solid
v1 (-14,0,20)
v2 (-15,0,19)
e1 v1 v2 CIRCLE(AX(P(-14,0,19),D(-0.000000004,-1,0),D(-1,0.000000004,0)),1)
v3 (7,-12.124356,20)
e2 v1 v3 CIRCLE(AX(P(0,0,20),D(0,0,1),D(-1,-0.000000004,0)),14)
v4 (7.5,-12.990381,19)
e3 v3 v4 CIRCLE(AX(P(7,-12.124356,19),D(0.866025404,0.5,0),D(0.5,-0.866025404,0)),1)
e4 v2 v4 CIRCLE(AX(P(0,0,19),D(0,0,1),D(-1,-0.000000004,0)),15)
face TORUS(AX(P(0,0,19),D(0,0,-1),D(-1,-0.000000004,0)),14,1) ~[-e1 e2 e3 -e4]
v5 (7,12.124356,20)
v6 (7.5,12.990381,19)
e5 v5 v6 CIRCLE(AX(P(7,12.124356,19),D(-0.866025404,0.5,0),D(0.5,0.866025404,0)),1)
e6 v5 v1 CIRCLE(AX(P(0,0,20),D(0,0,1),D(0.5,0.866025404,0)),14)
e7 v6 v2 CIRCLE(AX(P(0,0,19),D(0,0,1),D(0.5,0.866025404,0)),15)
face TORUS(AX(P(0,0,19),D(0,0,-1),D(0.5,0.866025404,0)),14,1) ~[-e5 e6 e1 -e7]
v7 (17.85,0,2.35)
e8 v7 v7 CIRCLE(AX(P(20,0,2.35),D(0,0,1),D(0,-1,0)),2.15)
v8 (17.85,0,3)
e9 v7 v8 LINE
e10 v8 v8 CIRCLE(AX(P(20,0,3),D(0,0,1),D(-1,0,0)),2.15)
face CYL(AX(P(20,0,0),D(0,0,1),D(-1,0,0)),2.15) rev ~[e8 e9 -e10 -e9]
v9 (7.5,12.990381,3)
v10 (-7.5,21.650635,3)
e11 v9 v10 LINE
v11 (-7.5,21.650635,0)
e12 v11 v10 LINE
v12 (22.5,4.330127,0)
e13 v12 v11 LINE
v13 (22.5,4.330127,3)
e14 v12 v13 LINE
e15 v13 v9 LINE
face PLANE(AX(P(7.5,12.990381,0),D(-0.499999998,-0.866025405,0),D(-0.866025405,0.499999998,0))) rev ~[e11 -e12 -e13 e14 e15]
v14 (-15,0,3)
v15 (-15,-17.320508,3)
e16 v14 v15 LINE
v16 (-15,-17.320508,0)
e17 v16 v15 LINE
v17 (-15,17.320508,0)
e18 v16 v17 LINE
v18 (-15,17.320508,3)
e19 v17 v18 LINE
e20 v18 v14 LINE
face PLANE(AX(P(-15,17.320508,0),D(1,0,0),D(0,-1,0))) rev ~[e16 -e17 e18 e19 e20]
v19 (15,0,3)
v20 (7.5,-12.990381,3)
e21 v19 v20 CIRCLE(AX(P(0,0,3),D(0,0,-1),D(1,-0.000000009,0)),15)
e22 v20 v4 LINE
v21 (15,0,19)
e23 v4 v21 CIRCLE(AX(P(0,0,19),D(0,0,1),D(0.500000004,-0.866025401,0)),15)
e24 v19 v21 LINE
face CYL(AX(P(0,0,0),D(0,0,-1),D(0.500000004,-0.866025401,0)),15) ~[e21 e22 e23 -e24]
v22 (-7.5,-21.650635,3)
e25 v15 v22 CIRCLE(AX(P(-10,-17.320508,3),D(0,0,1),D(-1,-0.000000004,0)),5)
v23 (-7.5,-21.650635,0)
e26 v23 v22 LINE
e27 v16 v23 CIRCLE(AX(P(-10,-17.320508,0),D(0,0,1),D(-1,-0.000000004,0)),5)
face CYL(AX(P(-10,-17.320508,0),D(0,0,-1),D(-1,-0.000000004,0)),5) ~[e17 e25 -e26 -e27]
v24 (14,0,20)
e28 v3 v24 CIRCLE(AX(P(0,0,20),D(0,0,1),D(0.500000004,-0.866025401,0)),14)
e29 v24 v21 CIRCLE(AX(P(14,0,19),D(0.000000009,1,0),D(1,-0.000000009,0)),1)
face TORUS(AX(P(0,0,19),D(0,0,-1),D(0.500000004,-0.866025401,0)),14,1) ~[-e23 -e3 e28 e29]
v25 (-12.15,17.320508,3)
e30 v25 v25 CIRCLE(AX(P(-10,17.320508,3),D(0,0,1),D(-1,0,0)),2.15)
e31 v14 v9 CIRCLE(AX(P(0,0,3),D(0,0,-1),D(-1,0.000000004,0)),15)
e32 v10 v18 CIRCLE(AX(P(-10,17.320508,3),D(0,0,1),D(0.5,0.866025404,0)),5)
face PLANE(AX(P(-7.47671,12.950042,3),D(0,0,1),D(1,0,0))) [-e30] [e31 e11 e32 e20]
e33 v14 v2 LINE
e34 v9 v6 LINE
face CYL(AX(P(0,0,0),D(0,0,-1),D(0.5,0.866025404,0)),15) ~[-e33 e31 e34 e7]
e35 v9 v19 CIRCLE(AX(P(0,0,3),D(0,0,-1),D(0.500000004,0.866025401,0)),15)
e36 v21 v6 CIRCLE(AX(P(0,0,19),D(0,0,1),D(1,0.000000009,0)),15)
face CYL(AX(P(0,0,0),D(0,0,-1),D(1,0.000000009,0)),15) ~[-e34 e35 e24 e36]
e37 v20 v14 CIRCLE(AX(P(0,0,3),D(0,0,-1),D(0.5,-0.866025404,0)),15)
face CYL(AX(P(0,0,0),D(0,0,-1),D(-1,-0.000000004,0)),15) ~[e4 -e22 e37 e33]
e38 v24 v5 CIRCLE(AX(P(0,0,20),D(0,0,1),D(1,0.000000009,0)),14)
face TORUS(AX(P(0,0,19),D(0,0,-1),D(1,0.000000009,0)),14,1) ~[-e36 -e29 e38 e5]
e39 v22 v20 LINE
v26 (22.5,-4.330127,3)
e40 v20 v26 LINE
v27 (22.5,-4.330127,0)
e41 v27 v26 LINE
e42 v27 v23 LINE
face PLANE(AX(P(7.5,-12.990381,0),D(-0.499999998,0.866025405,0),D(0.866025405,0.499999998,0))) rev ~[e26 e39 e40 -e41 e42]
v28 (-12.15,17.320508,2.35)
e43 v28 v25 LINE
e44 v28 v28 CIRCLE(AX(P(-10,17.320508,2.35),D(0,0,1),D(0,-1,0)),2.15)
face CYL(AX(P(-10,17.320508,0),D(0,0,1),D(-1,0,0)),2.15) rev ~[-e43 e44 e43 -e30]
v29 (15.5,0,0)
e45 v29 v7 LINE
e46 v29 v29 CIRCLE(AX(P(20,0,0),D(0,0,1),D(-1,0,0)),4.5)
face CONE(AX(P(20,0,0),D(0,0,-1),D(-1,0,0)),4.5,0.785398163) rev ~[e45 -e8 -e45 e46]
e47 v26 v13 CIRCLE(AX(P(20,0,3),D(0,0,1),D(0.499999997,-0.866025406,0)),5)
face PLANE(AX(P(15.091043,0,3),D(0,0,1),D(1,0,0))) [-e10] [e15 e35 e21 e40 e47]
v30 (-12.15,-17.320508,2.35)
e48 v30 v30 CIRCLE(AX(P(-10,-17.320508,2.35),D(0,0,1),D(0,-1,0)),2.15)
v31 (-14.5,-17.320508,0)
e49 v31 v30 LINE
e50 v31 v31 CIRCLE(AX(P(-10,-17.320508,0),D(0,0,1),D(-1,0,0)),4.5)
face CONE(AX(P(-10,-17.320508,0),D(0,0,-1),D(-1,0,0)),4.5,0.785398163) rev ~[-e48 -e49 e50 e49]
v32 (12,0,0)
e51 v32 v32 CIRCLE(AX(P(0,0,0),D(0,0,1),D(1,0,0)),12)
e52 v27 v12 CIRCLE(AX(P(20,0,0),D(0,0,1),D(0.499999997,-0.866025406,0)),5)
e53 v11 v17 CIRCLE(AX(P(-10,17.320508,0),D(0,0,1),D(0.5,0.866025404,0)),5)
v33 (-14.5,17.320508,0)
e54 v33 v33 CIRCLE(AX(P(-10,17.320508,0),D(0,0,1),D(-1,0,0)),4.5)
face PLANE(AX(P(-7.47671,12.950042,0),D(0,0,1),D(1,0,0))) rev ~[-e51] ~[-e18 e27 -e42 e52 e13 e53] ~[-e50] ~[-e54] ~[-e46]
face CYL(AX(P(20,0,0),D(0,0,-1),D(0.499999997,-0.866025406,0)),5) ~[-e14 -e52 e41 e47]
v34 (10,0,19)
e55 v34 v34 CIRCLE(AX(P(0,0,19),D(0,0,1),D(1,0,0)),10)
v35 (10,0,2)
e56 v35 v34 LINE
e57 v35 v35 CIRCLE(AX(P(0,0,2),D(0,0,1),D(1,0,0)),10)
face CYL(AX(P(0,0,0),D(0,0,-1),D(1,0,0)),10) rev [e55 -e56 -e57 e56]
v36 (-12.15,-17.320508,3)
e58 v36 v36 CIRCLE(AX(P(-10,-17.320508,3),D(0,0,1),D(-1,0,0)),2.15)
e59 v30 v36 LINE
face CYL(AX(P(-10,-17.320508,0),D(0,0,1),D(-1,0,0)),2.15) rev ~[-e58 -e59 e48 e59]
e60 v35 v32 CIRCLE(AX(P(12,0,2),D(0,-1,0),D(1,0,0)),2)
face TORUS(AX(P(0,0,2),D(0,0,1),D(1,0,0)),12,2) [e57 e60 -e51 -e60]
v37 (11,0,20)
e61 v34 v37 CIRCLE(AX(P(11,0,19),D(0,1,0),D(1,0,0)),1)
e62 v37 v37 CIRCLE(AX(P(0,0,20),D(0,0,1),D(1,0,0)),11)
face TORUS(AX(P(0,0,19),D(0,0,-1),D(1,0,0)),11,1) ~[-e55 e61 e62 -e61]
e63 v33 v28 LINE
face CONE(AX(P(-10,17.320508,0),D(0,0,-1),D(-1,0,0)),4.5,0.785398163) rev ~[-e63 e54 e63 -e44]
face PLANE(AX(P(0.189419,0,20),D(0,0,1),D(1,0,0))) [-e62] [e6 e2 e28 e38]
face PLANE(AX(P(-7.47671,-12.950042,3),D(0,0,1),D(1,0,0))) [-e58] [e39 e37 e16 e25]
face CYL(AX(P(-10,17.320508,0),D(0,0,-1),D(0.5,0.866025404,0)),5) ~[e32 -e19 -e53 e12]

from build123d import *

# Parameters (mm, degrees)
F0_R           = 10
F1_DEPTH       = 20
F2_DEPTH       = 3
F3_D           = 4.3
F3_CSINK_D     = 9
F3_CSINK_ANGLE = 90
F4_R           = 2
F5_R           = 1


with BuildPart() as f1:
    # F0 (on Top) → F1 (new body)
    with BuildSketch(Plane.XY):
        with BuildLine():
            ThreePointArc((15, 0), (12.990381, 7.5), (7.5, 12.990381))
            ThreePointArc((7.5, 12.990381), (-7.5, 12.990381), (-15, 0))
            ThreePointArc((-15, 0), (-7.5, -12.990381), (7.5, -12.990381))
            ThreePointArc((7.5, -12.990381), (12.990381, -7.5), (15, 0))
        make_face()
        Circle(F0_R, mode=Mode.SUBTRACT)
    extrude(amount=F1_DEPTH)

    # F0 (on Top) → F2 (join)
    with BuildSketch(Plane.XY):
        with BuildLine():
            ThreePointArc((-15, 0), (-7.5, 12.990381), (7.5, 12.990381))
            Line((7.5, 12.990381), (-7.5, 21.650635))
            ThreePointArc((-7.5, 21.650635), (-12.5, 21.650635), (-15, 17.320508))
            Line((-15, 17.320508), (-15, 0))
        make_face()
        with BuildLine():
            ThreePointArc((22.5, -4.330127), (25, 0), (22.5, 4.330127))
            Line((22.5, 4.330127), (7.5, 12.990381))
            ThreePointArc((7.5, 12.990381), (12.990381, 7.5), (15, 0))
            ThreePointArc((15, 0), (12.990381, -7.5), (7.5, -12.990381))
            Line((7.5, -12.990381), (22.5, -4.330127))
        make_face()
        with BuildLine():
            ThreePointArc((7.5, -12.990381), (-7.5, -12.990381), (-15, 0))
            Line((-15, 0), (-15, -17.320508))
            ThreePointArc((-15, -17.320508), (-12.5, -21.650635), (-7.5, -21.650635))
            Line((-7.5, -21.650635), (7.5, -12.990381))
        make_face()
    extrude(amount=F2_DEPTH)

    # F3 (through all)
    with Locations(Plane(origin=(0, 0, 0), x_dir=(1, 0, 0), z_dir=(0, 0, -1))):
        with Locations((20, 0), (-10, -17.320508), (-10, 17.320508)):
            CounterSinkHole(F3_D / 2, F3_CSINK_D / 2, counter_sink_angle=F3_CSINK_ANGLE)

    # F4
    f4_edges = [f1.edges().sort_by_distance(p)[0] for p in [
        (-10, 0, 0),
    ]]
    fillet(f4_edges, radius=F4_R)

    # F5
    f5_edges = [f1.edges().sort_by_distance(p)[0] for p in [
        (-15, 0, 20),
        (-10, 0, 20),
    ]]
    fillet(f5_edges, radius=F5_R)


solid = f1.part
